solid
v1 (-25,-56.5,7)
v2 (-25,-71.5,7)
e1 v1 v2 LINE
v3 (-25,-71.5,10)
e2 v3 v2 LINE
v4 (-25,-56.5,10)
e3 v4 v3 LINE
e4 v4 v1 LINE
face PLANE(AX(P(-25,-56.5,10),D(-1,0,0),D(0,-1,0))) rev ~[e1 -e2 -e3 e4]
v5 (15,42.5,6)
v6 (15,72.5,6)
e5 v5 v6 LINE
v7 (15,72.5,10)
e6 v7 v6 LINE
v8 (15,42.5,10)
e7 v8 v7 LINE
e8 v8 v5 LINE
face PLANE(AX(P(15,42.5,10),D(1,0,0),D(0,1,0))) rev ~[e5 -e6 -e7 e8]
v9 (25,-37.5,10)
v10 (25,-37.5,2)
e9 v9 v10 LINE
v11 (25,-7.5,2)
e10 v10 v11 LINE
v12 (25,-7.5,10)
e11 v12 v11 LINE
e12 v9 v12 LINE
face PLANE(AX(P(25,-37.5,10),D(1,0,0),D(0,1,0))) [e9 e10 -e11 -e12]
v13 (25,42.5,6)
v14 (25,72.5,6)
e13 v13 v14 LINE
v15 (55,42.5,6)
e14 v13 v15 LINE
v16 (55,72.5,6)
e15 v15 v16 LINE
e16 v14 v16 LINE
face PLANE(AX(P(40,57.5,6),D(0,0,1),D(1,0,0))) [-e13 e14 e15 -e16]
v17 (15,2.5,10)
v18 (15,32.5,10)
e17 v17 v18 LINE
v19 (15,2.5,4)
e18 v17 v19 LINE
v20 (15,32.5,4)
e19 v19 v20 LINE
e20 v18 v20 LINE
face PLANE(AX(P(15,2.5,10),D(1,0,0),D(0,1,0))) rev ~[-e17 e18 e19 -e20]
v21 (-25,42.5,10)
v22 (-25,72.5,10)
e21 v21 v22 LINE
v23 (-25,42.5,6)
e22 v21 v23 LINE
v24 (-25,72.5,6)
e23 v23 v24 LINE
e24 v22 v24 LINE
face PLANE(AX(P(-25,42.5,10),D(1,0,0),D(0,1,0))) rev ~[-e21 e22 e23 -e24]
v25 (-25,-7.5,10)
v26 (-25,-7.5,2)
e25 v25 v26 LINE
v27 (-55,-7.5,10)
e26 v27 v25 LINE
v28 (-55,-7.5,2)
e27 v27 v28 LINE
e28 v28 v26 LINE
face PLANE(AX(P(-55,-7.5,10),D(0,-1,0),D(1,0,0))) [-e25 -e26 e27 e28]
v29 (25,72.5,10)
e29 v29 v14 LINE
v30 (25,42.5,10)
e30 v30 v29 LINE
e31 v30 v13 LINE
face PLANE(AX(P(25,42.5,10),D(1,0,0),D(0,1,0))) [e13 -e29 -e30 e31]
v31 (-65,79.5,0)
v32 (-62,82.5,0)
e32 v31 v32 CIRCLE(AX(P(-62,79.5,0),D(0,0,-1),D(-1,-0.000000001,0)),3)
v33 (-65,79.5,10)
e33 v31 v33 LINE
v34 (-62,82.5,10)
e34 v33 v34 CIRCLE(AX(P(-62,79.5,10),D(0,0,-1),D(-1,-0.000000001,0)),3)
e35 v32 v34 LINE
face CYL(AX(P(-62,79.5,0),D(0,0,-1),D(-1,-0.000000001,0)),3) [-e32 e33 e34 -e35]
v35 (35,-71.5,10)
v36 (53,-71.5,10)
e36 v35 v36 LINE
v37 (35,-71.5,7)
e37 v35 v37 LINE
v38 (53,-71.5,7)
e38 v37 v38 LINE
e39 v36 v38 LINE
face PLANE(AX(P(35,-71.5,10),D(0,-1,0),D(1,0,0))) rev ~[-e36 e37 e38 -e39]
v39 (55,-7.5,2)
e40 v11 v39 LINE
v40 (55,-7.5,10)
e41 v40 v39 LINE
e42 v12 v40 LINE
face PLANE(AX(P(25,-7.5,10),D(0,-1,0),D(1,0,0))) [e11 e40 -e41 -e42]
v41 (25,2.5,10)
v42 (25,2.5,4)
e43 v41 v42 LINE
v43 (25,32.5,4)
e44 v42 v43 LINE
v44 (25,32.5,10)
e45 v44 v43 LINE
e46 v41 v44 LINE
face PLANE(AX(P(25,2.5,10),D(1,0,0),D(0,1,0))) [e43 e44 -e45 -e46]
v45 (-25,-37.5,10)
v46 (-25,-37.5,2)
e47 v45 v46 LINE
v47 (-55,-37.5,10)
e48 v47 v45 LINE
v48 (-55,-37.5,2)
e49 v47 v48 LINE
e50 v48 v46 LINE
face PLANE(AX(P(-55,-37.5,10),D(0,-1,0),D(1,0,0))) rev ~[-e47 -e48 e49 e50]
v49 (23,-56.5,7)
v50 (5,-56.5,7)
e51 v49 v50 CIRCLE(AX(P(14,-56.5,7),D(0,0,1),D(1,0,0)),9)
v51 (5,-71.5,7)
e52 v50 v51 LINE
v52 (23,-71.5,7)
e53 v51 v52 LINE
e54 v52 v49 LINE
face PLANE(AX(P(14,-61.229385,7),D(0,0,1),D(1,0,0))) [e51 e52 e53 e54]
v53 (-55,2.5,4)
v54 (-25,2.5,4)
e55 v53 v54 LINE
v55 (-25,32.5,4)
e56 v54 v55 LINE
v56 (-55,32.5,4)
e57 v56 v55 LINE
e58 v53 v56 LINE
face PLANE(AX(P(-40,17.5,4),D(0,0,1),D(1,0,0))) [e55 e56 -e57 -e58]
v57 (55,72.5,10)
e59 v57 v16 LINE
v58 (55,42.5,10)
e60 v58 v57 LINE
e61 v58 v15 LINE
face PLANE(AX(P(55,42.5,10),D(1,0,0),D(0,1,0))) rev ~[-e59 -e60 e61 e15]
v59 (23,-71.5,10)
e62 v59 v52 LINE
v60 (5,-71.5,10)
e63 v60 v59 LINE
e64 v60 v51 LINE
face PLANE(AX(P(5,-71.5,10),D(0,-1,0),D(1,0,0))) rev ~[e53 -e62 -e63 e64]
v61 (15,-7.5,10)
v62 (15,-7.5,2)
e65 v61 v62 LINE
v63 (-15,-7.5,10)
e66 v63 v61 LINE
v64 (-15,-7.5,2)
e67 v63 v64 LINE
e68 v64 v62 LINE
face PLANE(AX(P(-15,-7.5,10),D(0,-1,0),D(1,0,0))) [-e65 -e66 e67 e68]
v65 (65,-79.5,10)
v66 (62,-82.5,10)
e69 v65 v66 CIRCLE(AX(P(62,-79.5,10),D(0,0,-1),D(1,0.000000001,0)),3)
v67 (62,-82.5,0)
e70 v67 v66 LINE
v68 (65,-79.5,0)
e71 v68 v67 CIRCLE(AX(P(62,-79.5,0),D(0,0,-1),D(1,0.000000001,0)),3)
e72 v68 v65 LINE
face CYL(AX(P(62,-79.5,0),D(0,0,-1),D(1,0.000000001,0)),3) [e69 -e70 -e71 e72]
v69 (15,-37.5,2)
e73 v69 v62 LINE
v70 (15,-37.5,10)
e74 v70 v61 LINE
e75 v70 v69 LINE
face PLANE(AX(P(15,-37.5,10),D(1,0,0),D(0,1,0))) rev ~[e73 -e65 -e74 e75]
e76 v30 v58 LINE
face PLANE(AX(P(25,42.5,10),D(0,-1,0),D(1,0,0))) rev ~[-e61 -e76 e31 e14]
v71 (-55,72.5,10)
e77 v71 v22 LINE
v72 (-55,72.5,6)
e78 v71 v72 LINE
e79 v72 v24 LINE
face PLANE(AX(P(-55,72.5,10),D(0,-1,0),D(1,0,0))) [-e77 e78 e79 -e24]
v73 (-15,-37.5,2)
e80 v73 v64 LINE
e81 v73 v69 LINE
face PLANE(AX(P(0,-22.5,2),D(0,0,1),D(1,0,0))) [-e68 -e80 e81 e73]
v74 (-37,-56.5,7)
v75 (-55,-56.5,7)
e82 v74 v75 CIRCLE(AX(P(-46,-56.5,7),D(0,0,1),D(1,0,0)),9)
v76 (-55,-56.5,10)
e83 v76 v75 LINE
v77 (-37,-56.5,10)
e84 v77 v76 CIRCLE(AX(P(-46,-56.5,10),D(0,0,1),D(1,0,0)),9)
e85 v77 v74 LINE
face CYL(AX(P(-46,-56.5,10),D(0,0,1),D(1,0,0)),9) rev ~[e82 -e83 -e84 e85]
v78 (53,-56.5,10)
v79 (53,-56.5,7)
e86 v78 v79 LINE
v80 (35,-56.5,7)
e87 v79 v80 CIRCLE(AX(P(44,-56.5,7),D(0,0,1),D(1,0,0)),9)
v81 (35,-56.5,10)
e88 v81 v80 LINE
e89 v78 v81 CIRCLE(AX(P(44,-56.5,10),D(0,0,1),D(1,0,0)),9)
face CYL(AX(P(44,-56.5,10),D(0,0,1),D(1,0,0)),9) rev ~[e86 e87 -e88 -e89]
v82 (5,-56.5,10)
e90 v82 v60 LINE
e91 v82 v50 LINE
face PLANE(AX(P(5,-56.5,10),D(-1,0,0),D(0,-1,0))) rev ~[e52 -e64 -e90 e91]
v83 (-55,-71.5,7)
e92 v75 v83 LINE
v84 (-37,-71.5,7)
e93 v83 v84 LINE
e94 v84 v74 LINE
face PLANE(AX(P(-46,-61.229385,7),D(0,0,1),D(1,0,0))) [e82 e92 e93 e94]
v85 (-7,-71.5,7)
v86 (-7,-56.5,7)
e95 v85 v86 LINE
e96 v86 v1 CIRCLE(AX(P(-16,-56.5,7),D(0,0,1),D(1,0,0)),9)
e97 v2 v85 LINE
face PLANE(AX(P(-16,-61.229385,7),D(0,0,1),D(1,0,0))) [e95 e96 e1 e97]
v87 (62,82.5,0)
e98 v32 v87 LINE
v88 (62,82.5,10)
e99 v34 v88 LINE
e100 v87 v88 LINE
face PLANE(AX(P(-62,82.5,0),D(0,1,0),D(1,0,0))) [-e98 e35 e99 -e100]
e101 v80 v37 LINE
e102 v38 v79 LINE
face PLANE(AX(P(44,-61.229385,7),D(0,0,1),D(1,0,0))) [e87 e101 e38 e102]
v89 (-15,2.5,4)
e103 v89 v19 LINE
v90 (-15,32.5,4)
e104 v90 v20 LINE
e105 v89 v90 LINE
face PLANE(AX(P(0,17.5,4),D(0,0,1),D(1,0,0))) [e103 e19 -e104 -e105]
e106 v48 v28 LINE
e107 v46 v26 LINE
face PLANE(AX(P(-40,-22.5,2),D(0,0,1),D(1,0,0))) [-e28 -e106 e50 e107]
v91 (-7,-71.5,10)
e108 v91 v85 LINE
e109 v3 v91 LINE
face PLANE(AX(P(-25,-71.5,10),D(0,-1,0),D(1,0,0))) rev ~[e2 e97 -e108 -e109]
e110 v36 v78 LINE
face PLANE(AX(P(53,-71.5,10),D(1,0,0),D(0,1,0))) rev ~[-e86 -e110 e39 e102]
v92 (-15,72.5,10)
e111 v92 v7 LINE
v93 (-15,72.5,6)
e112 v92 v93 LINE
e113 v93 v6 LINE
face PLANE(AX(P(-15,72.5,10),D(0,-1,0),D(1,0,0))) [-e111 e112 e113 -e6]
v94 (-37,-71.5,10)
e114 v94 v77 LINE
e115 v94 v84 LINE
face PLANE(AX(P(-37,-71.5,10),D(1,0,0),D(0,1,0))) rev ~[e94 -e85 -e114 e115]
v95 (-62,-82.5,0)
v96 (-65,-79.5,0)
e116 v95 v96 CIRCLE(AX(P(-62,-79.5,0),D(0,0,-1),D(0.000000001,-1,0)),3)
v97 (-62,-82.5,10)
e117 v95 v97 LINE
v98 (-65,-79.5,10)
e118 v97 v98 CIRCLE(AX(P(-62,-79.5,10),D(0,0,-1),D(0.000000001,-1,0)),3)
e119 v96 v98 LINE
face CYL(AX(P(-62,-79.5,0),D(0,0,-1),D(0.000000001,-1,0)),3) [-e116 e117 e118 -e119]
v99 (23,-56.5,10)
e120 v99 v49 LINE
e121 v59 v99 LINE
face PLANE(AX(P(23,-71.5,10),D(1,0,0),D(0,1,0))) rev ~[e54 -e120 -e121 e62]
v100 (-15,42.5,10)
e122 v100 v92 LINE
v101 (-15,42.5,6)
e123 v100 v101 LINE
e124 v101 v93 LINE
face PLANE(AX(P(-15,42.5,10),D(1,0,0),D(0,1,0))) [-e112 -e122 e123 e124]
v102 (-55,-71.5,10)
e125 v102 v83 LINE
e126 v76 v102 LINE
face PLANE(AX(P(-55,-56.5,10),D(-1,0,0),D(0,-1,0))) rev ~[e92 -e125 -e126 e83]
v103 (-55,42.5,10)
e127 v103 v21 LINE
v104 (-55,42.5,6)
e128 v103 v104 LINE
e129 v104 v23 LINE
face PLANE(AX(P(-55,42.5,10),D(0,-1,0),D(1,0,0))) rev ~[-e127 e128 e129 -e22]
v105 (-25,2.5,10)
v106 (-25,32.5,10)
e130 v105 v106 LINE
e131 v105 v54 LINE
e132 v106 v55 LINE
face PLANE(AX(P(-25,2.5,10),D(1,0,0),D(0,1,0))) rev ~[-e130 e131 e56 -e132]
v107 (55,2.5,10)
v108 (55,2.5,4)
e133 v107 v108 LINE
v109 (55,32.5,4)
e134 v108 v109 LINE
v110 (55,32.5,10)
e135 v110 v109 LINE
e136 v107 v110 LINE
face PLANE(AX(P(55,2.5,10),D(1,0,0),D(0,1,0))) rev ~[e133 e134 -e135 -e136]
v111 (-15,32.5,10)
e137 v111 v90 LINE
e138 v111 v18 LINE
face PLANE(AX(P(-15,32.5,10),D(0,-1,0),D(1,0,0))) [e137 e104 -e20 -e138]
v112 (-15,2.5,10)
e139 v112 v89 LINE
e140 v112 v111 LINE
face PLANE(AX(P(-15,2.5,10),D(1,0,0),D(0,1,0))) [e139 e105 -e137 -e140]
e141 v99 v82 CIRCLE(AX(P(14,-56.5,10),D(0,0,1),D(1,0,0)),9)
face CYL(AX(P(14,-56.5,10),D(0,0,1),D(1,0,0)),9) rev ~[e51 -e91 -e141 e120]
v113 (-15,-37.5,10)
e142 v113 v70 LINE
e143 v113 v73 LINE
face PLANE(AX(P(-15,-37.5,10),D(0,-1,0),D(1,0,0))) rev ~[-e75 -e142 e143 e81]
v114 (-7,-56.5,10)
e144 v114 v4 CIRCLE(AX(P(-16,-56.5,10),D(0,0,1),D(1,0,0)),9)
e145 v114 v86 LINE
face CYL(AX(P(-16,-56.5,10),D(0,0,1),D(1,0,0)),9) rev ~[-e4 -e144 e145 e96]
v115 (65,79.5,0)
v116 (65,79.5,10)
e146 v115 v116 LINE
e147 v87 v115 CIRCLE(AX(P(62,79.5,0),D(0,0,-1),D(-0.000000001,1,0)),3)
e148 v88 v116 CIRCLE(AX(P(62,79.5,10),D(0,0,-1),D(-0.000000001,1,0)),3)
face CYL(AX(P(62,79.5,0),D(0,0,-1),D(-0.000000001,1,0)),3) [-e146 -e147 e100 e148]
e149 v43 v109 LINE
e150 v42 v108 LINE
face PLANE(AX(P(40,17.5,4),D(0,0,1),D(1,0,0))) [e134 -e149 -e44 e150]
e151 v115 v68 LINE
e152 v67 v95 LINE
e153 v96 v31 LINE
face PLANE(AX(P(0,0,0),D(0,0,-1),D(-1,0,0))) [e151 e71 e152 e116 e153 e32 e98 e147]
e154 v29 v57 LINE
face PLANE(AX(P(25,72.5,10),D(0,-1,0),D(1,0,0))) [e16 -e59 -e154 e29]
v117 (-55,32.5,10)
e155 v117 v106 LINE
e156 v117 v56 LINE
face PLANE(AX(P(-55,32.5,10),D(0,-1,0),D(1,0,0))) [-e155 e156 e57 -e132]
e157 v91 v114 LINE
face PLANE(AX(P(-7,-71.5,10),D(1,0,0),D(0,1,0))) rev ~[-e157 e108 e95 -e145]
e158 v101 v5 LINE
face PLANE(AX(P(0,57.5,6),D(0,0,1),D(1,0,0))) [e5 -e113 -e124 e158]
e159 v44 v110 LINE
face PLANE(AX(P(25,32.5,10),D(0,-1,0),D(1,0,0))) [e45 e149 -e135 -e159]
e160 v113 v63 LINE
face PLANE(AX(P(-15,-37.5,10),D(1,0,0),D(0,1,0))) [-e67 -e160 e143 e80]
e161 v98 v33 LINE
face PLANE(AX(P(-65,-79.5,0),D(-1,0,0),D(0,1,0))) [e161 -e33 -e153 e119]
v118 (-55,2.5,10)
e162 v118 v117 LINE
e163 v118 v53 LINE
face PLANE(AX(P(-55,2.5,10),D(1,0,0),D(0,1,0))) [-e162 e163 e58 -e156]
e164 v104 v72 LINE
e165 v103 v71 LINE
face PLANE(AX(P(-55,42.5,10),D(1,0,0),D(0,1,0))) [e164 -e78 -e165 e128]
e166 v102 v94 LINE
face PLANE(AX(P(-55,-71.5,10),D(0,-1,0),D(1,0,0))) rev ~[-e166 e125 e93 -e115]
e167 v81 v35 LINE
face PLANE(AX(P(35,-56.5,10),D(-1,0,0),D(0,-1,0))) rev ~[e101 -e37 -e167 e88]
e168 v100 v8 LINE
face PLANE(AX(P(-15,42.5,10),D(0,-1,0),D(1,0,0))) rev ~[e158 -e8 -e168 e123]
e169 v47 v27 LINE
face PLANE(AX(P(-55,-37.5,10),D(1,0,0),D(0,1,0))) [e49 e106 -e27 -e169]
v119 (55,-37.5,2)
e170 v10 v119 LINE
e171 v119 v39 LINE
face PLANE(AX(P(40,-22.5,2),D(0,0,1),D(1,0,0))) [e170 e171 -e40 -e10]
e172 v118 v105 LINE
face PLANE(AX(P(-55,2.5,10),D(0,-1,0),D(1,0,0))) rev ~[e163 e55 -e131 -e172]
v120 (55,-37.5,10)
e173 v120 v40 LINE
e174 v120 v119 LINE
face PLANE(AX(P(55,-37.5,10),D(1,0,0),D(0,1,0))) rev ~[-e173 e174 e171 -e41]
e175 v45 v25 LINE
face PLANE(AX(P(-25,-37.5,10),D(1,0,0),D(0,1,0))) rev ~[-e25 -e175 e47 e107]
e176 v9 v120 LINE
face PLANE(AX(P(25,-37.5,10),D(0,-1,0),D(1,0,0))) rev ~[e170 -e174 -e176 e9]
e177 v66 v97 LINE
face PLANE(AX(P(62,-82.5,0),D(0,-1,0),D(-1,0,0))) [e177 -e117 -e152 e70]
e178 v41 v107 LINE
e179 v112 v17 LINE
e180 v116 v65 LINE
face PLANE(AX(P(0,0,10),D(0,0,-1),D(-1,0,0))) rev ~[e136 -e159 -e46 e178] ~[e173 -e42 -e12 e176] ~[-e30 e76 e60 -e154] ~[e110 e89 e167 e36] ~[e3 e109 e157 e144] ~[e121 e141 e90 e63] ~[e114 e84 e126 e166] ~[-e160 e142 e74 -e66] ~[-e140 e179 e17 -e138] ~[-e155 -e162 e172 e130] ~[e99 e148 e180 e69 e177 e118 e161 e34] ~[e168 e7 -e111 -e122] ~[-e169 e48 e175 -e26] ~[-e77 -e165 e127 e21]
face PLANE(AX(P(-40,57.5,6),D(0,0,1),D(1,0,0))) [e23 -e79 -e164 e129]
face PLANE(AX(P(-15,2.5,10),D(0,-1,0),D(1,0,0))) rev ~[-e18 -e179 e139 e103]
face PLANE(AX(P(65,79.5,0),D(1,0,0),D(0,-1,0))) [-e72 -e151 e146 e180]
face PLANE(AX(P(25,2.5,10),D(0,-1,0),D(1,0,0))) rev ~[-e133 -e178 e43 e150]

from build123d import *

# Parameters (mm, degrees)
EXTRUDE_1_DEPTH     = 10
SKETCH_6_W          = 30
SKETCH_6_H          = 30
CUT_EXTRUDE_1_DEPTH = 4
SKETCH_7_W          = 30
SKETCH_7_H          = 30
CUT_EXTRUDE_2_DEPTH = 6
SKETCH_8_W          = 30
SKETCH_8_H          = 30
CUT_EXTRUDE_3_DEPTH = 8
CUT_EXTRUDE_4_DEPTH = 3


with BuildPart() as part:
    # 草图1 → 凸台-拉伸1 (new body)
    with BuildSketch(Plane.XY):
        with BuildLine():
            Line((62, -82.5), (-62, -82.5))
            ThreePointArc((-62, -82.5), (-64.121320344, -81.621320344), (-65, -79.5))
            Line((-65, -79.5), (-65, 79.5))
            ThreePointArc((-65, 79.5), (-64.121320344, 81.621320344), (-62, 82.5))
            Line((-62, 82.5), (62, 82.5))
            ThreePointArc((62, 82.5), (64.121320344, 81.621320344), (65, 79.5))
            Line((65, 79.5), (65, -79.5))
            ThreePointArc((65, -79.5), (64.121320344, -81.621320344), (62, -82.5))
        make_face()
    extrude(amount=EXTRUDE_1_DEPTH)

    # 草图6 → 切除-拉伸1 (cut)
    with BuildSketch(Plane.XY.offset(10)):
        with Locations((-40, 57.5)):
            Rectangle(SKETCH_6_W, SKETCH_6_H)
        with Locations((0, 57.5)):
            Rectangle(SKETCH_6_W, SKETCH_6_H)
        with Locations((40, 57.5)):
            Rectangle(SKETCH_6_W, SKETCH_6_H)
    extrude(amount=-CUT_EXTRUDE_1_DEPTH, mode=Mode.SUBTRACT)

    # 草图7 → 切除-拉伸2 (cut)
    with BuildSketch(Plane.XY.offset(10)):
        with Locations((-40, 17.5)):
            Rectangle(SKETCH_7_W, SKETCH_7_H)
        with Locations((0, 17.5)):
            Rectangle(SKETCH_7_W, SKETCH_7_H)
        with Locations((40, 17.5)):
            Rectangle(SKETCH_7_W, SKETCH_7_H)
    extrude(amount=-CUT_EXTRUDE_2_DEPTH, mode=Mode.SUBTRACT)

    # 草图8 → 切除-拉伸3 (cut)
    with BuildSketch(Plane.XY.offset(10)):
        with Locations((-40, -22.5)):
            Rectangle(SKETCH_8_W, SKETCH_8_H)
        with Locations((0, -22.5)):
            Rectangle(SKETCH_8_W, SKETCH_8_H)
        with Locations((40, -22.5)):
            Rectangle(SKETCH_8_W, SKETCH_8_H)
    extrude(amount=-CUT_EXTRUDE_3_DEPTH, mode=Mode.SUBTRACT)

    # 草图9 → 切除-拉伸4 (cut)
    with BuildSketch(Plane.XY.offset(10)):
        with BuildLine():
            Line((-55, -71.5), (-37, -71.5))
            Line((-37, -71.5), (-37, -56.5))
            ThreePointArc((-37, -56.5), (-46, -47.5), (-55, -56.5))
            Line((-55, -56.5), (-55, -71.5))
        make_face()
        with BuildLine():
            Line((-25, -56.5), (-25, -71.5))
            Line((-25, -71.5), (-7, -71.5))
            Line((-7, -71.5), (-7, -56.5))
            ThreePointArc((-7, -56.5), (-16, -47.5), (-25, -56.5))
        make_face()
        with BuildLine():
            Line((5, -56.5), (5, -71.5))
            Line((5, -71.5), (23, -71.5))
            Line((23, -71.5), (23, -56.5))
            ThreePointArc((23, -56.5), (14, -47.5), (5, -56.5))
        make_face()
        with BuildLine():
            Line((35, -56.5), (35, -71.5))
            Line((35, -71.5), (53, -71.5))
            Line((53, -71.5), (53, -56.5))
            ThreePointArc((53, -56.5), (44, -47.5), (35, -56.5))
        make_face()
    extrude(amount=-CUT_EXTRUDE_4_DEPTH, mode=Mode.SUBTRACT)


solid = part.part
